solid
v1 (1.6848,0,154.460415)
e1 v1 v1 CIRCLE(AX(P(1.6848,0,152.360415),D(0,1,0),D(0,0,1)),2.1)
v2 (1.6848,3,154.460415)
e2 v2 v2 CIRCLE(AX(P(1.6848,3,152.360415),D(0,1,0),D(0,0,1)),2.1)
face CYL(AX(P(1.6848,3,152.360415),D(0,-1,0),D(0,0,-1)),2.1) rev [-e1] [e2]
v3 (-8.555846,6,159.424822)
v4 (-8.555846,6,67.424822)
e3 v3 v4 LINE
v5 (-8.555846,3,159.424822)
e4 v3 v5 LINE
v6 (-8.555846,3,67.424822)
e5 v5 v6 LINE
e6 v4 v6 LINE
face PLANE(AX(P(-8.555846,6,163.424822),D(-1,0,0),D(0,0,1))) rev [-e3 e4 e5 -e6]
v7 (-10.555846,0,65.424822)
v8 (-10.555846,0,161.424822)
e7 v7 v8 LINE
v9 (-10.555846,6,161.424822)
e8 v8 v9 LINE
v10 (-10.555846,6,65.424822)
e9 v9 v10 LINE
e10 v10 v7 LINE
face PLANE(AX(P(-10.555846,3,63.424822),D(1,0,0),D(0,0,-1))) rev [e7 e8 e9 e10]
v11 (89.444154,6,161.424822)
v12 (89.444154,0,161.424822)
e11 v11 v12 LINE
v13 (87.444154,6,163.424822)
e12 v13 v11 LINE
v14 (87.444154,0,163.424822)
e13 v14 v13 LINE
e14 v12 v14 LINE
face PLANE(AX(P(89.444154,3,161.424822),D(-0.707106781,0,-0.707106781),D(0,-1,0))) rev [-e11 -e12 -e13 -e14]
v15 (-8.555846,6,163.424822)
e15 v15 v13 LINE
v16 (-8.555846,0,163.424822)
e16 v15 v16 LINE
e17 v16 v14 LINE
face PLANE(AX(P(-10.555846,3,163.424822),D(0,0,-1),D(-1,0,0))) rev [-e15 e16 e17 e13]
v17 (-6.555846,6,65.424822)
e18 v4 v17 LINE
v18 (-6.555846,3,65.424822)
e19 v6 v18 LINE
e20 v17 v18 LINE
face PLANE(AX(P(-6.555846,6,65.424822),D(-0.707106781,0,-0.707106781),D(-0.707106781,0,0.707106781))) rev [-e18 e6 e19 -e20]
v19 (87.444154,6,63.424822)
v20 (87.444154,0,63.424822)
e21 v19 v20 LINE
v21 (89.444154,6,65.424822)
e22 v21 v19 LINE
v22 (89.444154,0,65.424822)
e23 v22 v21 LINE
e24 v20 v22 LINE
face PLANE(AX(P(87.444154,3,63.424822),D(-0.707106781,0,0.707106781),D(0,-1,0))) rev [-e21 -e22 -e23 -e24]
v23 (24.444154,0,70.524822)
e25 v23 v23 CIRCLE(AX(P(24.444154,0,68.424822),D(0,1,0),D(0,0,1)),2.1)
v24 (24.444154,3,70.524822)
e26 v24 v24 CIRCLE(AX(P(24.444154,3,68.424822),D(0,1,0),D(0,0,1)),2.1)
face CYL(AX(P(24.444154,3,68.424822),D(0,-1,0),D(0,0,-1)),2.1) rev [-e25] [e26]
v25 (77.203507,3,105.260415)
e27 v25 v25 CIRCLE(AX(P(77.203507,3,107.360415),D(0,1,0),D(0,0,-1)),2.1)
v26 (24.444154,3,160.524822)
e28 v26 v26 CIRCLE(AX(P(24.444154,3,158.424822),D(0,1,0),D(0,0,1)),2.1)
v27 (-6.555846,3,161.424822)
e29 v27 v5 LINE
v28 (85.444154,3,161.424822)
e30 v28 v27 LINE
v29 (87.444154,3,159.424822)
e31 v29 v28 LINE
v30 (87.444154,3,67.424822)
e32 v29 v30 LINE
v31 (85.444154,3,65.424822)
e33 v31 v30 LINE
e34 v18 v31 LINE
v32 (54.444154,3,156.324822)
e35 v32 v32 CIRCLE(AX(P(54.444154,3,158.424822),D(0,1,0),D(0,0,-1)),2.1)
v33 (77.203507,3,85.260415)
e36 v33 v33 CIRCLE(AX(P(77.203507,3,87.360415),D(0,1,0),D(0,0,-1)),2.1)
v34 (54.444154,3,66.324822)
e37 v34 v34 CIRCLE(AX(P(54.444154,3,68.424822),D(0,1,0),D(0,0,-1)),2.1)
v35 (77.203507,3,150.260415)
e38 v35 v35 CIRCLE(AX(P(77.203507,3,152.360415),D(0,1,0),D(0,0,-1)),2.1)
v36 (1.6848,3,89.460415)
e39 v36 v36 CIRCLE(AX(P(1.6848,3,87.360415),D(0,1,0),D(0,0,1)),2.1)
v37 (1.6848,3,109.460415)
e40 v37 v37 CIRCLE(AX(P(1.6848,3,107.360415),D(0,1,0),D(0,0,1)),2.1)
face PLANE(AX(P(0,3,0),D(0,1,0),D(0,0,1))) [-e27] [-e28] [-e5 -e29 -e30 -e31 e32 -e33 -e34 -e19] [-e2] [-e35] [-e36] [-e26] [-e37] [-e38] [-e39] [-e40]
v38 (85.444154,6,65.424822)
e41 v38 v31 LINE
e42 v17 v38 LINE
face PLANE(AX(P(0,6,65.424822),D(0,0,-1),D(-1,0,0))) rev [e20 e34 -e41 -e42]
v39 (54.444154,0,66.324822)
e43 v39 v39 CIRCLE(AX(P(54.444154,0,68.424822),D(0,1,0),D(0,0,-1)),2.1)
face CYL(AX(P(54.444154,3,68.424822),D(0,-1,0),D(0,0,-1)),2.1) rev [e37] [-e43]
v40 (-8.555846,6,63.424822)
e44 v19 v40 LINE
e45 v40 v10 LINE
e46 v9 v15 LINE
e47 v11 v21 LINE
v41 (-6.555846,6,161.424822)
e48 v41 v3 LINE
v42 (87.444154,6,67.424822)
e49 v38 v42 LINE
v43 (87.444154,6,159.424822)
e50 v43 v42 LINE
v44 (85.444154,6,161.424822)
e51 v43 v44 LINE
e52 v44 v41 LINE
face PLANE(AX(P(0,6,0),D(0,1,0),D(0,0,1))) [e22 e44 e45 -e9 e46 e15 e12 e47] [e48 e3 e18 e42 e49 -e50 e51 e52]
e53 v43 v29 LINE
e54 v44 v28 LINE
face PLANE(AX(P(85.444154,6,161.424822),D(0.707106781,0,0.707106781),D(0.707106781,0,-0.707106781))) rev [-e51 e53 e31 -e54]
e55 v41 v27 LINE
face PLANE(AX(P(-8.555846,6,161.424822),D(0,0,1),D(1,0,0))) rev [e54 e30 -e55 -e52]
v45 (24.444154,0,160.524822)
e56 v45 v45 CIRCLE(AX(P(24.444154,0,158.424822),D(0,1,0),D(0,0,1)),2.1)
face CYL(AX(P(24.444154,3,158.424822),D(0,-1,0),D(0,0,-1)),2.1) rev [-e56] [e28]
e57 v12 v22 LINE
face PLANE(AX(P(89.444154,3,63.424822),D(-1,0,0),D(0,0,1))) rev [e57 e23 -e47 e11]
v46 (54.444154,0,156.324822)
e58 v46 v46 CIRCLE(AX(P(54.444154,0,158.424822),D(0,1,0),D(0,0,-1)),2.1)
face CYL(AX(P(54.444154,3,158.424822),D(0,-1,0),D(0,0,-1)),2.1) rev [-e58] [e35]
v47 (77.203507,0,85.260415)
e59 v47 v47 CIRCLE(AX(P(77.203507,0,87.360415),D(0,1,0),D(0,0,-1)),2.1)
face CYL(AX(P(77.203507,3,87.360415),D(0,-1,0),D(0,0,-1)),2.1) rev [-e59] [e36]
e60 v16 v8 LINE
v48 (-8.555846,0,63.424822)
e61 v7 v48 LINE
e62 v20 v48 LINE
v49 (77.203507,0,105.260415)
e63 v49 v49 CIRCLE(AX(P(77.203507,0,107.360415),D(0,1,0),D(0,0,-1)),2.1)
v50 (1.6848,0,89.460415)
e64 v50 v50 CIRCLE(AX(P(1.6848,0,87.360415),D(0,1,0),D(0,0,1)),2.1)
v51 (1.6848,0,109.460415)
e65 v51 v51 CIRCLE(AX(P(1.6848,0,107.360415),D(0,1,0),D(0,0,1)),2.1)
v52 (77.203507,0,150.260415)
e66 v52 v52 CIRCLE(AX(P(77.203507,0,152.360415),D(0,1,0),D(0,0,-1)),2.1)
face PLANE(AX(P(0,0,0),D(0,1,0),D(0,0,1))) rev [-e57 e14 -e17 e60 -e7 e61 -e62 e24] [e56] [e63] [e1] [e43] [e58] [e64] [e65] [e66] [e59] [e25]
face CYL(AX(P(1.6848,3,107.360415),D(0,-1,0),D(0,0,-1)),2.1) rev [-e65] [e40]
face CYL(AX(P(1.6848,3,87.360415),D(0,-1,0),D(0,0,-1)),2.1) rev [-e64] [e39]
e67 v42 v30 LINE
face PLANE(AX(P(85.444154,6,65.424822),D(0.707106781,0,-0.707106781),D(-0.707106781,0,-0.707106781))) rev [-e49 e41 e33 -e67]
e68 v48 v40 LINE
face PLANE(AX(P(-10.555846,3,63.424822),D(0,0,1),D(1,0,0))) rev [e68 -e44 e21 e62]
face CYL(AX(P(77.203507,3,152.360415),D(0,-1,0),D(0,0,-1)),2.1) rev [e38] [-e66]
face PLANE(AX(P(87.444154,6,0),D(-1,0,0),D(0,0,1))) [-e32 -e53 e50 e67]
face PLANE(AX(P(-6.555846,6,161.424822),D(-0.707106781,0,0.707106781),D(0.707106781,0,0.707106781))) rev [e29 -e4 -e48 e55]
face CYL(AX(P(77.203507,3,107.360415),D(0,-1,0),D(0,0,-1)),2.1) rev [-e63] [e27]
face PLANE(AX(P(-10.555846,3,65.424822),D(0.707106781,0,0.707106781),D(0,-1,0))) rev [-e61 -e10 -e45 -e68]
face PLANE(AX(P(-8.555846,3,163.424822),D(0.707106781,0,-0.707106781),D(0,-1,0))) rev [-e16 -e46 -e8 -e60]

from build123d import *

# Parameters (mm, degrees)
SKETCH6_W           = 100
SKETCH6_H           = 100
SKETCH6_R           = 2.1
BOSS_EXTRUDE2_DEPTH = 3
BOSS_EXTRUDE3_DEPTH = 3
SKETCH8_W           = 96
SKETCH8_H           = 2
BOSS_EXTRUDE4_DEPTH = 3
CHAMFER1_SIZE       = 2
BOSS_EXTRUDE5_DEPTH = 3


with BuildPart() as part:
    # Sketch6 → Boss-Extrude2 (new body)
    with BuildSketch(Plane(origin=(0, 0, 0), x_dir=(1, 0, 0), z_dir=(0, 1, 0))):
        with Locations((39.444153985, -113.424821635)):
            Rectangle(SKETCH6_W, SKETCH6_H)
        with Locations((1.68480047, -87.360414745)):
            Circle(SKETCH6_R, mode=Mode.SUBTRACT)
        with Locations((1.68480047, -107.360414745)):
            Circle(SKETCH6_R, mode=Mode.SUBTRACT)
        with Locations((1.68480047, -152.360414745)):
            Circle(SKETCH6_R, mode=Mode.SUBTRACT)
        with Locations((24.444153985, -158.424821635)):
            Circle(SKETCH6_R, mode=Mode.SUBTRACT)
        with Locations((24.444153985, -68.424821635)):
            Circle(SKETCH6_R, mode=Mode.SUBTRACT)
        with Locations((54.444153985, -158.424821635)):
            Circle(SKETCH6_R, mode=Mode.SUBTRACT)
        with Locations((77.2035075, -152.360414745)):
            Circle(SKETCH6_R, mode=Mode.SUBTRACT)
        with Locations((77.2035075, -107.360414745)):
            Circle(SKETCH6_R, mode=Mode.SUBTRACT)
        with Locations((77.2035075, -87.360414745)):
            Circle(SKETCH6_R, mode=Mode.SUBTRACT)
        with Locations((54.444153985, -68.424821635)):
            Circle(SKETCH6_R, mode=Mode.SUBTRACT)
    extrude(amount=BOSS_EXTRUDE2_DEPTH)

    # Sketch7 → Boss-Extrude3 (add)
    with BuildSketch(Plane(origin=(0, 3, 0), x_dir=(1, 0, 0), z_dir=(0, 1, 0))):
        Polygon((-10.555846015, -63.424821635), (-10.555846015, -163.424821635), (-8.555846015, -163.424821635), (-8.555846015, -65.424821635), (87.444153985, -65.424821635), (87.444153985, -163.424821635), (89.444153985, -163.424821635), (89.444153985, -63.424821635), align=None)
    extrude(amount=BOSS_EXTRUDE3_DEPTH)

    # Sketch8 → Boss-Extrude4 (add)
    with BuildSketch(Plane(origin=(0, 3, 0), x_dir=(1, 0, 0), z_dir=(0, 1, 0))):
        with Locations((39.444153985, -162.424821635)):
            Rectangle(SKETCH8_W, SKETCH8_H)
    extrude(amount=BOSS_EXTRUDE4_DEPTH)

    # Chamfer1
    chamfer1_edges = [part.edges().sort_by_distance(p)[0] for p in [
        (-10.555846015, 3, 63.424821635),
        (89.444153985, 3, 63.424821635),
        (89.444153985, 3, 163.424821635),
        (-10.555846015, 3, 163.424821635),
    ]]
    chamfer(chamfer1_edges, length=CHAMFER1_SIZE)

    # Sketch9 → Boss-Extrude5 (add)
    with BuildSketch(Plane(origin=(0, 3, 0), x_dir=(1, 0, 0), z_dir=(0, 1, 0))):
        Polygon((-6.555846015, -65.424821635), (-8.555846015, -67.424821635), (-8.555846015, -65.424821635), align=None)
        Polygon((87.444153985, -67.424821635), (87.444153985, -65.424821635), (85.444153985, -65.424821635), align=None)
        Polygon((85.444153985, -161.424821635), (87.444153985, -159.424821635), (87.444153985, -161.424821635), align=None)
        Polygon((-8.555846015, -159.424821635), (-8.555846015, -161.424821635), (-6.555846015, -161.424821635), align=None)
    extrude(amount=BOSS_EXTRUDE5_DEPTH)


solid = part.part
